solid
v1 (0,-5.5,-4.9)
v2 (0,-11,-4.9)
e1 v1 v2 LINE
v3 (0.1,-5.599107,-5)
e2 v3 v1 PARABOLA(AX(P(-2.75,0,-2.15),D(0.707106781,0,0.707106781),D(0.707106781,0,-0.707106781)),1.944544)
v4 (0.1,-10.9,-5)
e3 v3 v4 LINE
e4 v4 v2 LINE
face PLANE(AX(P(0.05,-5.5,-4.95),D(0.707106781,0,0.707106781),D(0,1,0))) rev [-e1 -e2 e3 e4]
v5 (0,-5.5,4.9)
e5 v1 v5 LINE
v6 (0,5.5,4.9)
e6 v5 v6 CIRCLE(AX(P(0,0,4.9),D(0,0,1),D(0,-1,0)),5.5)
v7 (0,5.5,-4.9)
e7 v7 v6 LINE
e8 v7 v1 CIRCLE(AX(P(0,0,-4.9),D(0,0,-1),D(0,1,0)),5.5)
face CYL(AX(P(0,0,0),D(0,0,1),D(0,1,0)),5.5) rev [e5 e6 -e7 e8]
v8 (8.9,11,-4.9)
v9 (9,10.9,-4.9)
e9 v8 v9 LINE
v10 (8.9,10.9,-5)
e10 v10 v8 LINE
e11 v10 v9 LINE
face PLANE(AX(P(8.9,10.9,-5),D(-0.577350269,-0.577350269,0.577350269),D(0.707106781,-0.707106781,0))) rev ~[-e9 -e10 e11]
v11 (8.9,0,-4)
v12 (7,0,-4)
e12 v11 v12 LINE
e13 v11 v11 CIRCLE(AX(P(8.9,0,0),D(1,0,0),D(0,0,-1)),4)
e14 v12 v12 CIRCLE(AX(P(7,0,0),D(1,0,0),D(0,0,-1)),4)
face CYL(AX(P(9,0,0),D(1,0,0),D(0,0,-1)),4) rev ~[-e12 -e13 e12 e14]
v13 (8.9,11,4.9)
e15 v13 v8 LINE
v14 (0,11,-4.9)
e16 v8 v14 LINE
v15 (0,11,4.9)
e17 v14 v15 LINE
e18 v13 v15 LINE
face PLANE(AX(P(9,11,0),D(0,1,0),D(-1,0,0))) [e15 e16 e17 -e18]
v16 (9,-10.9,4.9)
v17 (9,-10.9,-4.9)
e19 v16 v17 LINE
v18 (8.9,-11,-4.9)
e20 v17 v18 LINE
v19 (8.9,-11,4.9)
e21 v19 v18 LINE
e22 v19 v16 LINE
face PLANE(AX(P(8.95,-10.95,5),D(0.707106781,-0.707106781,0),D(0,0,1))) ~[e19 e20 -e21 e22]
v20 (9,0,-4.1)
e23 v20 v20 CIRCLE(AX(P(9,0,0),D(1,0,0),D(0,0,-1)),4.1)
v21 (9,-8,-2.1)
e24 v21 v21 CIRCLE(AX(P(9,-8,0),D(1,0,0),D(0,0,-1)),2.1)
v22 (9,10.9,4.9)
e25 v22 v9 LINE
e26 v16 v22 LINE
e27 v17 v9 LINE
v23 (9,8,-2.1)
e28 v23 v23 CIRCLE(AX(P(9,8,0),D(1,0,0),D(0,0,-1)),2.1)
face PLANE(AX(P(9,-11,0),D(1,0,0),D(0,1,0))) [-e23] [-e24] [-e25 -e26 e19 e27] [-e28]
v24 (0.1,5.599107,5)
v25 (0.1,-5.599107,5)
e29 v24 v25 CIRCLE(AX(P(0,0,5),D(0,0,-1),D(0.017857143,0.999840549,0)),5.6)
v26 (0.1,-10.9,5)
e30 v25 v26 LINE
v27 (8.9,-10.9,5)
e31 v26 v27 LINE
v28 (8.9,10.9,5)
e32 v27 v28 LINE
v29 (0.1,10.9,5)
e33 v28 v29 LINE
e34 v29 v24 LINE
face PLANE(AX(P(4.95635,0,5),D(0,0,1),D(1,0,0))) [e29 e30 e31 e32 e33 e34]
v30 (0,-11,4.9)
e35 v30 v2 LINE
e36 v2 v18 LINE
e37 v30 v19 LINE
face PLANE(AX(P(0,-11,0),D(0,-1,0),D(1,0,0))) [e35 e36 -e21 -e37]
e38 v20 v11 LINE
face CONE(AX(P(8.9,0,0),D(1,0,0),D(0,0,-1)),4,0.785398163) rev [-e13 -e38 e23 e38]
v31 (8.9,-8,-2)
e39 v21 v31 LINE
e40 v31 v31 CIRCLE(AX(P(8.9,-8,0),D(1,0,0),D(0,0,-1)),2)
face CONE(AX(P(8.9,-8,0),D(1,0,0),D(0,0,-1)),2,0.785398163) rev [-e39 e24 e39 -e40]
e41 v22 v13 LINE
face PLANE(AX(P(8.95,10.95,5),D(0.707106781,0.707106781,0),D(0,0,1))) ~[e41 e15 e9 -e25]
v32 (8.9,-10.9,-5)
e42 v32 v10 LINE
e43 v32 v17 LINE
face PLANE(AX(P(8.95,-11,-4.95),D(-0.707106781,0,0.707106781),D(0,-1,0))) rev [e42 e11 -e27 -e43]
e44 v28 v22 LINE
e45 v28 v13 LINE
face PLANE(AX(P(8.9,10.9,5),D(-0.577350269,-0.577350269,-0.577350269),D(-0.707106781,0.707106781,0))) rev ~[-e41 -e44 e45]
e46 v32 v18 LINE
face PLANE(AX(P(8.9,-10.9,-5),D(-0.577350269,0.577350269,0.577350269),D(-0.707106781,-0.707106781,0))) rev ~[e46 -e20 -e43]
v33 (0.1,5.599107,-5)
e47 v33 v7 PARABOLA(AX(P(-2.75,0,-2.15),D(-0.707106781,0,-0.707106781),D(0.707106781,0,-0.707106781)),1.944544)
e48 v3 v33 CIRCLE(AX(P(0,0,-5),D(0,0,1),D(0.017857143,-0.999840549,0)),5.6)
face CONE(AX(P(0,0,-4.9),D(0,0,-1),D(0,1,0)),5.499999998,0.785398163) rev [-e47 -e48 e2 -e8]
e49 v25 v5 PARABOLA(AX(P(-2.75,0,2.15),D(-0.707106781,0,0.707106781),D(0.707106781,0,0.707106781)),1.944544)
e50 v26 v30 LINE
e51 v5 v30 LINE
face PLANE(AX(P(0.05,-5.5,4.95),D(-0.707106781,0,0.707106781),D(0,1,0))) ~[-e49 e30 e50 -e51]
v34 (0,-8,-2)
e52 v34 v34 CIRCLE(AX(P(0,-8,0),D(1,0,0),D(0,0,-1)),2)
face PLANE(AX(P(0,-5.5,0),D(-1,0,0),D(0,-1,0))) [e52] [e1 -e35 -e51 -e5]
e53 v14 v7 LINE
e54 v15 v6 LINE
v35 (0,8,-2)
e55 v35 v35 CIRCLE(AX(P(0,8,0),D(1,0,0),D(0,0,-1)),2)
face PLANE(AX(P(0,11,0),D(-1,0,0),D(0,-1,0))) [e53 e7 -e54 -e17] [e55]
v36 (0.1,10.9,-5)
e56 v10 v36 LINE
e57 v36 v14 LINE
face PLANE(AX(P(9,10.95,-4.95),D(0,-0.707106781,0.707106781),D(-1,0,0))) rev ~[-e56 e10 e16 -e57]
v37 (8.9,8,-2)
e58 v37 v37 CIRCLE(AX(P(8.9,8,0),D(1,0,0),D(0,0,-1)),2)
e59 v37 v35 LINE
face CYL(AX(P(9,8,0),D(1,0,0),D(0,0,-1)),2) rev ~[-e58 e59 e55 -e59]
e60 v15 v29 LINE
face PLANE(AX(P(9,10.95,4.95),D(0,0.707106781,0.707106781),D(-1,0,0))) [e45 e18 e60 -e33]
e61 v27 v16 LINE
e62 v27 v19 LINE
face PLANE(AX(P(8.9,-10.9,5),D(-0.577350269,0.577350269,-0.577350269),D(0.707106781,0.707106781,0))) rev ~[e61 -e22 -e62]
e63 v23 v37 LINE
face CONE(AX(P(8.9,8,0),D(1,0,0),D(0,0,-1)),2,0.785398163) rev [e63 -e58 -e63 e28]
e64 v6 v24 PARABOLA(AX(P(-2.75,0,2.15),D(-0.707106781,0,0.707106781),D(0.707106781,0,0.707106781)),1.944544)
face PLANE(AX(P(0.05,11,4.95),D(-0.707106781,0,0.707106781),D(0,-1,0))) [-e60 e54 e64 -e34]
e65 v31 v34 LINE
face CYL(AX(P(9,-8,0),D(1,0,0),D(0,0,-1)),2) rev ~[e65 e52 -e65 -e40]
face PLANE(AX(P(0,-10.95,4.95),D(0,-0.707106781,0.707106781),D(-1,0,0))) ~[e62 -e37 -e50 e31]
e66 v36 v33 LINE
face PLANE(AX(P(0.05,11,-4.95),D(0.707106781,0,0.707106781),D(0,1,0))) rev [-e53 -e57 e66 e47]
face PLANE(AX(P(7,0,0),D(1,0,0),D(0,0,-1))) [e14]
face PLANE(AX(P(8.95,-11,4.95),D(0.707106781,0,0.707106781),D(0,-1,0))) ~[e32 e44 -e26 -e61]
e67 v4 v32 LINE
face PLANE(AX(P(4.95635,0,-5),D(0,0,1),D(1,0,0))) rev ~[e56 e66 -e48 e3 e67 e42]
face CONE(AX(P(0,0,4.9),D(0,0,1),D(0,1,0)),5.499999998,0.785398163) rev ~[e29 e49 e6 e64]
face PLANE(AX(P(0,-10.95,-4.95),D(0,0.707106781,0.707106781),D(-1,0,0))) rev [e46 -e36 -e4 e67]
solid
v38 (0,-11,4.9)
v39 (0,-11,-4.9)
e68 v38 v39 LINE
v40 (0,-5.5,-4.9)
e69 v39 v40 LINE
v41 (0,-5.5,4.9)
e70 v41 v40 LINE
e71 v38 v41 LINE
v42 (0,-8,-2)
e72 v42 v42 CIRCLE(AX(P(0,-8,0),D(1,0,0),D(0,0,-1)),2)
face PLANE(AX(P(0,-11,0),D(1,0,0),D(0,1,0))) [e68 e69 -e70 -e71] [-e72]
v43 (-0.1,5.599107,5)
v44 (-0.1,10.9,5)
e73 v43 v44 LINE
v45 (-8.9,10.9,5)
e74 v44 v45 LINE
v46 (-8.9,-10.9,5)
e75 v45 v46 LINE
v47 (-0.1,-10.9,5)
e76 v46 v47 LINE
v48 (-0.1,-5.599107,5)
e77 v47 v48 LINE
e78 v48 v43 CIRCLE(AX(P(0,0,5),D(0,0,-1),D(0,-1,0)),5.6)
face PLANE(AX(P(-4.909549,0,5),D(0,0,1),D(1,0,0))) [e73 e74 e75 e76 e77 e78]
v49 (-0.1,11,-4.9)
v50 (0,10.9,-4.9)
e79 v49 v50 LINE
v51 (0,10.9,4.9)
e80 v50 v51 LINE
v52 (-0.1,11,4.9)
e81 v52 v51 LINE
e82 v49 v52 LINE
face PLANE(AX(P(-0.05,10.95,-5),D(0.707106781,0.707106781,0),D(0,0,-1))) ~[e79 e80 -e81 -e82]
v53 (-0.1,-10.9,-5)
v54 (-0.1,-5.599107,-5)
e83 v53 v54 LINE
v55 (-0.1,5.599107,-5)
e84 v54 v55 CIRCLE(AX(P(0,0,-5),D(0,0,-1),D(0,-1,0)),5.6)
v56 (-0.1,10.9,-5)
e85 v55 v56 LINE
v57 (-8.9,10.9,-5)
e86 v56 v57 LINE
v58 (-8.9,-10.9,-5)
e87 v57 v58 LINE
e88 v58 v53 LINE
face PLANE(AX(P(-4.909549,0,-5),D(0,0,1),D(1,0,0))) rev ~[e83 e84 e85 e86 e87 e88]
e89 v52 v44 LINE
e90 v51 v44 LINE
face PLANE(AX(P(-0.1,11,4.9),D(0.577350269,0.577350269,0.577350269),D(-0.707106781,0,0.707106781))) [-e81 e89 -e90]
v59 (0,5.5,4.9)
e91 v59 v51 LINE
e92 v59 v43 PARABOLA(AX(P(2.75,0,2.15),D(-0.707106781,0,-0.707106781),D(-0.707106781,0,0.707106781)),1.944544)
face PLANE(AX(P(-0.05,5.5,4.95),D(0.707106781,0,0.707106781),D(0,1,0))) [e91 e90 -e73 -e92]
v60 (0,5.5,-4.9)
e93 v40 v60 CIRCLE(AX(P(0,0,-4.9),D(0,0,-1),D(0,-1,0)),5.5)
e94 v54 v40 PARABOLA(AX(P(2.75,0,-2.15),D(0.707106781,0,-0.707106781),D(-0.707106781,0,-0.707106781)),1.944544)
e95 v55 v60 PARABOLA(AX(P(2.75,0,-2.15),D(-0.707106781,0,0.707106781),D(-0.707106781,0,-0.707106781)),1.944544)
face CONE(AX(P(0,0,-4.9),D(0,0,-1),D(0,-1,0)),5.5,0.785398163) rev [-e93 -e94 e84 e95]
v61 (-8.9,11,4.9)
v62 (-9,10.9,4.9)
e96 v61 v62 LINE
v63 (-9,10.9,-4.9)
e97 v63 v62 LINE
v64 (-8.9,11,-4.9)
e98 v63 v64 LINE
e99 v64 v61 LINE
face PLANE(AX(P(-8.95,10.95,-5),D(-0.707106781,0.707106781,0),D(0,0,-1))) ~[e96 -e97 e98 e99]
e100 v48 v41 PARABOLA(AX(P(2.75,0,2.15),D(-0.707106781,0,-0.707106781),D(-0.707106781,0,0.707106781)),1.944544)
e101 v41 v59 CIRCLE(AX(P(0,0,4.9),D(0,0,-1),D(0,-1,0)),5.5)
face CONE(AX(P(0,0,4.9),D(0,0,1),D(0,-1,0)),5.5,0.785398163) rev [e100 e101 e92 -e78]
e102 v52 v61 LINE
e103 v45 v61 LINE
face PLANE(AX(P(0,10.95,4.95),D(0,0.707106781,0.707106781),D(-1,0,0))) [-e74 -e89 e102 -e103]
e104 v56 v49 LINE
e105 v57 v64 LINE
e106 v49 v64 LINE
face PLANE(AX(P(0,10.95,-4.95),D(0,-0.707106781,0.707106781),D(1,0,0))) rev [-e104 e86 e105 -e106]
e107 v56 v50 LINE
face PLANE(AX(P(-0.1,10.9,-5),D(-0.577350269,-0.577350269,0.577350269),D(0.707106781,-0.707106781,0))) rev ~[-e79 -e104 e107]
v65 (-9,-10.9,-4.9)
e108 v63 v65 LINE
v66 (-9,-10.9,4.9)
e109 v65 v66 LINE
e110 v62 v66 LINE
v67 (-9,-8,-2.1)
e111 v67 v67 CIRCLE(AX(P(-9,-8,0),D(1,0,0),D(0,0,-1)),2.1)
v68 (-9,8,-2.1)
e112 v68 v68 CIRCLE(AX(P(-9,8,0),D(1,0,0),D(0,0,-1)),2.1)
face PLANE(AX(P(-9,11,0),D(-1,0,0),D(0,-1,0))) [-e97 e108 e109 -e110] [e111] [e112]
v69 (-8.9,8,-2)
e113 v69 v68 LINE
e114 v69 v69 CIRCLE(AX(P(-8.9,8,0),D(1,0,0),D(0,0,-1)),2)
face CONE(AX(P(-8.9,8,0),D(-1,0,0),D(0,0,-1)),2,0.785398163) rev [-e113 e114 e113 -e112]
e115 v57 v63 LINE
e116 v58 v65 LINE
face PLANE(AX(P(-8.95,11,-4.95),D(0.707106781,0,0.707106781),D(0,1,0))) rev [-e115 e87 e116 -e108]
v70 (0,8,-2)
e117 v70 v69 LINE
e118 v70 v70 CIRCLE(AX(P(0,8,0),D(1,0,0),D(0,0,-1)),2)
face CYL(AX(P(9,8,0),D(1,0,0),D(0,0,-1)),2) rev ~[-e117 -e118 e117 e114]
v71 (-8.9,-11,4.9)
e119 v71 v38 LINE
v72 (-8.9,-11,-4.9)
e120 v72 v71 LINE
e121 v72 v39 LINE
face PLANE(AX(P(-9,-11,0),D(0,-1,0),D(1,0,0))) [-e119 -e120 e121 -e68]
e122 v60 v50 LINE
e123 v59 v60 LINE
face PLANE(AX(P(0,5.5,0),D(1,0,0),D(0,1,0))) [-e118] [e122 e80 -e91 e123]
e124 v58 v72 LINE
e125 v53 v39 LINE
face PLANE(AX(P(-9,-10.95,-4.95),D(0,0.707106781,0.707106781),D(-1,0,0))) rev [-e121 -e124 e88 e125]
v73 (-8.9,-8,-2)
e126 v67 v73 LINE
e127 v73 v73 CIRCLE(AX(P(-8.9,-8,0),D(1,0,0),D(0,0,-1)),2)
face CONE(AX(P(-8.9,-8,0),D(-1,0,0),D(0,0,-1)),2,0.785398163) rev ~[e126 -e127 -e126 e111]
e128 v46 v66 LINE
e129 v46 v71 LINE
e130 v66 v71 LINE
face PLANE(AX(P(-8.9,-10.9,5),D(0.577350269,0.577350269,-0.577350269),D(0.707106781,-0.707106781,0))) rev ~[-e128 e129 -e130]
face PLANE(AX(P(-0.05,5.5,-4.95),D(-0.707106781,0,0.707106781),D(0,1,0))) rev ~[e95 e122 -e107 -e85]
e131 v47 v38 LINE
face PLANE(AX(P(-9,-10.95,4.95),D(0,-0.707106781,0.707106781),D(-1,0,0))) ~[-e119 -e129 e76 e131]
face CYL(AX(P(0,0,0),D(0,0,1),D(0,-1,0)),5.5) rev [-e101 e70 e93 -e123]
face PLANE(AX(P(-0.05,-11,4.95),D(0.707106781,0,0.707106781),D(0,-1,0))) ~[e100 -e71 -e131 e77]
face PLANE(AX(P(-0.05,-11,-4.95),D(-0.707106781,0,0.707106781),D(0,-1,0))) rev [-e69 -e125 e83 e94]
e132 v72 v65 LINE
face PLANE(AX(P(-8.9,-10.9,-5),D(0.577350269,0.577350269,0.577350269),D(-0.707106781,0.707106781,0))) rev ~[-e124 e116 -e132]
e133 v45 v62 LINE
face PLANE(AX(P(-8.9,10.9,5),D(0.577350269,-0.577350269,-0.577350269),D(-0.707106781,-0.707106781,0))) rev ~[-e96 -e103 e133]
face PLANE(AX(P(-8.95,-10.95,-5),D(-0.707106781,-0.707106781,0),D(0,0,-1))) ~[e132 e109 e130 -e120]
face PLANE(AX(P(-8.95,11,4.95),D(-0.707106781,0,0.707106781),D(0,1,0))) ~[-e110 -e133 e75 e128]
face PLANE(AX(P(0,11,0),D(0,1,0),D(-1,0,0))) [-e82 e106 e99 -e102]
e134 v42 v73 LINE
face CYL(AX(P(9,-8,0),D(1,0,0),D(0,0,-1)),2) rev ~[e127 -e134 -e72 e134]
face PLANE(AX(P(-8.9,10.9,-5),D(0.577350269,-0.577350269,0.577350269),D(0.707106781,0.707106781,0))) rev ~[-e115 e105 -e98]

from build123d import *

# Parameters (mm, degrees)
BOSS_EXTRUDE1_DEPTH = 5
BOSS_EXTRUDE2_DEPTH = 5
SKETCH4_R           = 2
CUT_EXTRUDE3_DEPTH  = 22.679483389
SKETCH5_R           = 4
CUT_EXTRUDE4_DEPTH  = 2
CHAMFER1_SIZE       = 0.1
CHAMFER2_SIZE       = 0.1
CHAMFER3_SIZE       = 0.1


with BuildPart() as part:
    # Sketch1 → Boss-Extrude1 (new, symmetric)
    with BuildSketch(Plane.XY):
        with BuildLine():
            Line((0, 5.5), (0, 11))
            Line((0, 11), (-9, 11))
            Line((-9, 11), (-9, -11))
            Line((-9, -11), (0, -11))
            Line((0, -11), (0, -5.5))
            ThreePointArc((0, -5.5), (-5.5, 0), (0, 5.5))
        make_face()
    extrude(amount=BOSS_EXTRUDE1_DEPTH, both=True)


with BuildPart() as body_2:
    # Sketch3 → Boss-Extrude2 (new, symmetric)
    with BuildSketch(Plane.XY):
        with BuildLine():
            Line((9, 11), (0, 11))
            Line((0, 11), (0, 5.5))
            ThreePointArc((0, 5.5), (3.889087297, 3.889087297), (5.5, 0))
            ThreePointArc((5.5, 0), (3.889087297, -3.889087297), (0, -5.5))
            Line((0, -5.5), (0, -11))
            Line((0, -11), (9, -11))
            Line((9, -11), (9, 11))
        make_face()
    extrude(amount=BOSS_EXTRUDE2_DEPTH, both=True)


with BuildPart() as cut_extrude3_tool:
    # Sketch4 → Cut-Extrude3 (new, through all)
    with BuildSketch(Plane(origin=(9, 0, 0), x_dir=(0, 0, -1), z_dir=(1, 0, 0))):
        with Locations((0, 8)):
            Circle(SKETCH4_R)
        with Locations((0, -8)):
            Circle(SKETCH4_R)
    extrude(amount=-CUT_EXTRUDE3_DEPTH)


with BuildPart() as part_1:
    add(part.part)

    # Cut-Extrude3: cut by cut_extrude3_tool
    add(cut_extrude3_tool.part, mode=Mode.SUBTRACT)

    # Chamfer2
    chamfer2_edges = [part_1.edges().sort_by_distance(p)[0] for p in [
        (-5.5, 0, -5),
        (0, 8.25, 5),
        (-9, -11, 0),
        (-9, 11, 0),
        (0, 11, 0),
        (-4.5, 11, 5),
        (-9, 0, 5),
        (-9, 8, 2),
        (-4.5, -11, 5),
        (-9, -8, 2),
        (0, -8.25, 5),
        (-5.5, 0, 5),
        (0, -8.25, -5),
        (-4.5, -11, -5),
        (-9, 0, -5),
        (-4.5, 11, -5),
        (0, 8.25, -5),
    ]]
    chamfer(chamfer2_edges, length=CHAMFER2_SIZE)


with BuildPart() as body_2_1:
    add(body_2.part)

    # Cut-Extrude3: cut by cut_extrude3_tool
    add(cut_extrude3_tool.part, mode=Mode.SUBTRACT)

    # Sketch5 → Cut-Extrude4 (cut)
    with BuildSketch(Plane(origin=(9, 0, 0), x_dir=(0, 0, -1), z_dir=(1, 0, 0))):
        Circle(SKETCH5_R)
    extrude(amount=-CUT_EXTRUDE4_DEPTH, mode=Mode.SUBTRACT)

    # Chamfer1
    chamfer1_edges = [body_2_1.edges().sort_by_distance(p)[0] for p in [
        (5.5, 0, -5),
        (0, -8.25, 5),
        (9, 11, 0),
        (9, -11, 0),
        (4.5, -11, 5),
        (9, 0, 5),
        (4.5, 11, 5),
        (0, 8.25, 5),
        (5.5, 0, 5),
        (0, 8.25, -5),
        (4.5, 11, -5),
        (9, 0, -5),
        (4.5, -11, -5),
        (0, -8.25, -5),
    ]]
    chamfer(chamfer1_edges, length=CHAMFER1_SIZE)

    # Chamfer3
    chamfer3_edges = [body_2_1.edges().sort_by_distance(p)[0] for p in [
        (9, 8, 2),
        (9, -8, 2),
        (9, 0, 4),
    ]]
    chamfer(chamfer3_edges, length=CHAMFER3_SIZE)


solid = Compound([part_1.part, body_2_1.part])
